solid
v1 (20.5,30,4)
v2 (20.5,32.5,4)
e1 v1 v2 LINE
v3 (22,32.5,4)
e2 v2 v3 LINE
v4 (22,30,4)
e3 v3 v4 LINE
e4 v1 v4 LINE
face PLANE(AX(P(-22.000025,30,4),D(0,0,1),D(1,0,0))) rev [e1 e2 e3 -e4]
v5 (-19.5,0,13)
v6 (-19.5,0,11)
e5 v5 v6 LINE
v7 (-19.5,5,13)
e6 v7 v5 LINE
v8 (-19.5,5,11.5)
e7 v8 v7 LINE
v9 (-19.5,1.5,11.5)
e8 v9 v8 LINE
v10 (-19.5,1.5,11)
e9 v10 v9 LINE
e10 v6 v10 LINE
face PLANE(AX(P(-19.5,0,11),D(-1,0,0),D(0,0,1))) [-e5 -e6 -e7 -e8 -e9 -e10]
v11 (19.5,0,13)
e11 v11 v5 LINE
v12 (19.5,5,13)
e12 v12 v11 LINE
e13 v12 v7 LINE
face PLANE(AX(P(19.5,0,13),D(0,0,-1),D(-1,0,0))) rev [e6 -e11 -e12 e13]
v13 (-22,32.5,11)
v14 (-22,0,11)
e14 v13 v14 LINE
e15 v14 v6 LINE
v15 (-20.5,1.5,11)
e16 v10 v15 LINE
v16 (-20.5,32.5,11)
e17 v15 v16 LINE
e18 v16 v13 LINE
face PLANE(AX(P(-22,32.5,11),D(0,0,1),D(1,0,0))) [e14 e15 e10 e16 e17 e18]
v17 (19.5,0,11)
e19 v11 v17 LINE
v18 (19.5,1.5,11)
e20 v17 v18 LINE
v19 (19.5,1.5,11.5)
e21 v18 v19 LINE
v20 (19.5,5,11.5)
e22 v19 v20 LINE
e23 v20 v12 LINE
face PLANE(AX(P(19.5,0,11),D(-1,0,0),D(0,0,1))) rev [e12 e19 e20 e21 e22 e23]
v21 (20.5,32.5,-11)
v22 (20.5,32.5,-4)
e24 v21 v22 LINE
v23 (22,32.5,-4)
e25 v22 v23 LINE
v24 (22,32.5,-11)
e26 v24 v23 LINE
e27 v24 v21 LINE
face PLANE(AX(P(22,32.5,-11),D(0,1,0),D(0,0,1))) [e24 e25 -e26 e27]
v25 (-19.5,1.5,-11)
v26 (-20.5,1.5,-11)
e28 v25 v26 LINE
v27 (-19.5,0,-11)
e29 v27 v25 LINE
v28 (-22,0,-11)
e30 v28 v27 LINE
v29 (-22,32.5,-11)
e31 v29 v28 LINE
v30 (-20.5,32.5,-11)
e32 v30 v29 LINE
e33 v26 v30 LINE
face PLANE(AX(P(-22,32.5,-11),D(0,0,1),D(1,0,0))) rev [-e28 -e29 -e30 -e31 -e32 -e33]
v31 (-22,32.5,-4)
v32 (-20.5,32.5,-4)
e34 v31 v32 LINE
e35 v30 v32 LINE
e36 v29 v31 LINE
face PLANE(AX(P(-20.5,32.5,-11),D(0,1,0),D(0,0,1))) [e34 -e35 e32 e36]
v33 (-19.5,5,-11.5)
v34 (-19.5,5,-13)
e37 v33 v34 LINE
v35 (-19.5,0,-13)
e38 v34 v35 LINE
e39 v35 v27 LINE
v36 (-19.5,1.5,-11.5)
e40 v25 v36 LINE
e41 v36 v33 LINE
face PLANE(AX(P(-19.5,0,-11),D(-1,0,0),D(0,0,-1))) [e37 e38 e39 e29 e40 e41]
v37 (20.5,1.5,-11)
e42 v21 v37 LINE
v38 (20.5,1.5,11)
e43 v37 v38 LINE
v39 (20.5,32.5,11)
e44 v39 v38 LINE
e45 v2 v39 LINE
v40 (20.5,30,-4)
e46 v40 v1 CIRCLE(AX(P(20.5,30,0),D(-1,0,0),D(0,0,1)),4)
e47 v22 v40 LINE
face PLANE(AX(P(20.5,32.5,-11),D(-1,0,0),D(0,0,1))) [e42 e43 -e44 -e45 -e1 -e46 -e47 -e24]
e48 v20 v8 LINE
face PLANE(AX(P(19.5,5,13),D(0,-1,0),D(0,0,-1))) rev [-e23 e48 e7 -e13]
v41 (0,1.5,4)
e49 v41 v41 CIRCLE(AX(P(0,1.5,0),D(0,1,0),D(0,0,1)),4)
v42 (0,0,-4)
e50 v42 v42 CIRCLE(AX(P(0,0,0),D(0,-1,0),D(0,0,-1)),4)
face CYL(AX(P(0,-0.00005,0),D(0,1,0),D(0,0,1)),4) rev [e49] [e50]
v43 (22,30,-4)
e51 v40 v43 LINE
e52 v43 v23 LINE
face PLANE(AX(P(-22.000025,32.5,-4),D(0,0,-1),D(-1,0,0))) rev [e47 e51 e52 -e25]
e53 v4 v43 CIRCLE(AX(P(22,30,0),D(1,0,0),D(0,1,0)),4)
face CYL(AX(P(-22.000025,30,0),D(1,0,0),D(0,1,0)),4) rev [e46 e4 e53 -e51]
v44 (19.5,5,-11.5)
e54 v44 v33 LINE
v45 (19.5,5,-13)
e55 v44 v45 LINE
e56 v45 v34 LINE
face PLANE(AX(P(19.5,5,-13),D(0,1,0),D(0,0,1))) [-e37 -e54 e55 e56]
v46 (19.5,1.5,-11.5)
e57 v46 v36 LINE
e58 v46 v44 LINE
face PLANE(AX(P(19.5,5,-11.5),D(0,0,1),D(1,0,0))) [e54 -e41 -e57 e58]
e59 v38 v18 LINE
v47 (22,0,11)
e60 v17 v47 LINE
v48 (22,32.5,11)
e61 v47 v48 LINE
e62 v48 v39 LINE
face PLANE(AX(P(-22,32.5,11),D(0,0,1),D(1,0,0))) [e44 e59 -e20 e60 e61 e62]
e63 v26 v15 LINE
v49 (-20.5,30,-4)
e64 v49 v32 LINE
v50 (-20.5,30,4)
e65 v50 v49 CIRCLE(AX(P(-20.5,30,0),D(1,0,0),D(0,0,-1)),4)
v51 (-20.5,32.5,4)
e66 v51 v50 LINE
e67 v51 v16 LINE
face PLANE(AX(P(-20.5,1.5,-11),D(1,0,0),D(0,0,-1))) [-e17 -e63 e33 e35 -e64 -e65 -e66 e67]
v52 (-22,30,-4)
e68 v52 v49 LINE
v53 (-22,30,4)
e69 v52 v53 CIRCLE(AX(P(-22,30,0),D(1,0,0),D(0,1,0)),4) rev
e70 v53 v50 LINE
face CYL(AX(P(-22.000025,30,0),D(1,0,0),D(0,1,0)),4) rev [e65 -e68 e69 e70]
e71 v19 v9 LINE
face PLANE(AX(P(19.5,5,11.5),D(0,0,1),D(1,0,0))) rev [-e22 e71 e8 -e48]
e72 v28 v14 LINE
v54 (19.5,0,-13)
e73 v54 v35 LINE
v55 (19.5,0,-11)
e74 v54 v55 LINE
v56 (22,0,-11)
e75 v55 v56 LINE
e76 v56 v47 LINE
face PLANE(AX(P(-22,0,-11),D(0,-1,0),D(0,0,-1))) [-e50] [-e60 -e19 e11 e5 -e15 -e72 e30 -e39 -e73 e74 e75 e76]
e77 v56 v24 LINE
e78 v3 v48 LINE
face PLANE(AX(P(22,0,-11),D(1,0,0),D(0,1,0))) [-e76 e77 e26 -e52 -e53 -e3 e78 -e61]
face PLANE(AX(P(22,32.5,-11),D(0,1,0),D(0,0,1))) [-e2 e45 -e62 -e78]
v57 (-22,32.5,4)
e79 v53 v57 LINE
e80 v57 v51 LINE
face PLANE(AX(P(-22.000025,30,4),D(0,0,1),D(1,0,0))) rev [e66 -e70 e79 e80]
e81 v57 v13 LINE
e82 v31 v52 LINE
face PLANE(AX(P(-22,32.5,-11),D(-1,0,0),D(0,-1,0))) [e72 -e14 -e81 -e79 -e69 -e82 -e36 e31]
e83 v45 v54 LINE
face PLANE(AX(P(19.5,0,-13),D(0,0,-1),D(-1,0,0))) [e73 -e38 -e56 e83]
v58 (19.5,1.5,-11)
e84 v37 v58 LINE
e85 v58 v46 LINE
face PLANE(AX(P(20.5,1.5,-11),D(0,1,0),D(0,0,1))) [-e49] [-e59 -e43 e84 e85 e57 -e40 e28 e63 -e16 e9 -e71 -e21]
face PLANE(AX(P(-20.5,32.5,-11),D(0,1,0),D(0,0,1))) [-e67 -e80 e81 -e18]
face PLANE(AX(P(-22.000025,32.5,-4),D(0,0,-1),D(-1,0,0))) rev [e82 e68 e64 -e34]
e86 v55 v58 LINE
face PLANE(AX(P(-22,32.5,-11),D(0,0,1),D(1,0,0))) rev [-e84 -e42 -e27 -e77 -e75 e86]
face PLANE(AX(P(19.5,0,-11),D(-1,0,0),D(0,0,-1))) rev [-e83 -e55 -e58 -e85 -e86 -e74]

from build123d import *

# Parameters (mm, degrees)
BOSS_EXTRUDE1_DEPTH = 11
BOSS_EXTRUDE2_DEPTH = 19.5
SKETCH3_R           = 4
CUT_EXTRUDE1_DEPTH  = 41.174618853
CUT_EXTRUDE2_DEPTH  = 57.224994442


with BuildPart() as part:
    # Sketch1 → Boss-Extrude1 (new, symmetric)
    with BuildSketch(Plane.XY):
        Polygon((-22, 32.5), (-22, 0), (22, 0), (22, 32.5), (20.5, 32.5), (20.5, 1.5), (-20.5, 1.5), (-20.5, 32.5), align=None)
    extrude(amount=BOSS_EXTRUDE1_DEPTH, both=True)

    # Sketch2 → Boss-Extrude2 (add, symmetric)
    with BuildSketch(Plane(origin=(0, 0, 0), x_dir=(0, 0, -1), z_dir=(1, 0, 0))):
        Polygon((-11, 0), (-13, 0), (-13, 5), (-11.5, 5), (-11.5, 1.5), (-11, 1.5), align=None)
    boss_extrude2 = extrude(amount=BOSS_EXTRUDE2_DEPTH, both=True)

    # Mirror1: Boss-Extrude2 across plane
    add(boss_extrude2.mirror(Plane.XY))

    # Sketch3 → Cut-Extrude1 (cut, through all)
    with BuildSketch(Plane(origin=(0, 1.5, 0), x_dir=(-1, 0, 0), z_dir=(0, 1, 0))):
        with Locations(Location((0, 0, 0), (0, 0, 90))):
            Circle(SKETCH3_R)
    extrude(amount=-CUT_EXTRUDE1_DEPTH, mode=Mode.SUBTRACT)

    # Sketch4 → Cut-Extrude2 (cut, through all)
    with BuildSketch(Plane(origin=(22, 0, 0), x_dir=(0, 0, -1), z_dir=(1, 0, 0))):
        with BuildLine():
            Line((-4, 30), (-4, 32.5))
            Line((-4, 32.5), (4, 32.5))
            Line((4, 32.5), (4, 30))
            ThreePointArc((4, 30), (0, 26), (-4, 30))
        make_face()
    extrude(amount=-CUT_EXTRUDE2_DEPTH, mode=Mode.SUBTRACT)


solid = part.part
